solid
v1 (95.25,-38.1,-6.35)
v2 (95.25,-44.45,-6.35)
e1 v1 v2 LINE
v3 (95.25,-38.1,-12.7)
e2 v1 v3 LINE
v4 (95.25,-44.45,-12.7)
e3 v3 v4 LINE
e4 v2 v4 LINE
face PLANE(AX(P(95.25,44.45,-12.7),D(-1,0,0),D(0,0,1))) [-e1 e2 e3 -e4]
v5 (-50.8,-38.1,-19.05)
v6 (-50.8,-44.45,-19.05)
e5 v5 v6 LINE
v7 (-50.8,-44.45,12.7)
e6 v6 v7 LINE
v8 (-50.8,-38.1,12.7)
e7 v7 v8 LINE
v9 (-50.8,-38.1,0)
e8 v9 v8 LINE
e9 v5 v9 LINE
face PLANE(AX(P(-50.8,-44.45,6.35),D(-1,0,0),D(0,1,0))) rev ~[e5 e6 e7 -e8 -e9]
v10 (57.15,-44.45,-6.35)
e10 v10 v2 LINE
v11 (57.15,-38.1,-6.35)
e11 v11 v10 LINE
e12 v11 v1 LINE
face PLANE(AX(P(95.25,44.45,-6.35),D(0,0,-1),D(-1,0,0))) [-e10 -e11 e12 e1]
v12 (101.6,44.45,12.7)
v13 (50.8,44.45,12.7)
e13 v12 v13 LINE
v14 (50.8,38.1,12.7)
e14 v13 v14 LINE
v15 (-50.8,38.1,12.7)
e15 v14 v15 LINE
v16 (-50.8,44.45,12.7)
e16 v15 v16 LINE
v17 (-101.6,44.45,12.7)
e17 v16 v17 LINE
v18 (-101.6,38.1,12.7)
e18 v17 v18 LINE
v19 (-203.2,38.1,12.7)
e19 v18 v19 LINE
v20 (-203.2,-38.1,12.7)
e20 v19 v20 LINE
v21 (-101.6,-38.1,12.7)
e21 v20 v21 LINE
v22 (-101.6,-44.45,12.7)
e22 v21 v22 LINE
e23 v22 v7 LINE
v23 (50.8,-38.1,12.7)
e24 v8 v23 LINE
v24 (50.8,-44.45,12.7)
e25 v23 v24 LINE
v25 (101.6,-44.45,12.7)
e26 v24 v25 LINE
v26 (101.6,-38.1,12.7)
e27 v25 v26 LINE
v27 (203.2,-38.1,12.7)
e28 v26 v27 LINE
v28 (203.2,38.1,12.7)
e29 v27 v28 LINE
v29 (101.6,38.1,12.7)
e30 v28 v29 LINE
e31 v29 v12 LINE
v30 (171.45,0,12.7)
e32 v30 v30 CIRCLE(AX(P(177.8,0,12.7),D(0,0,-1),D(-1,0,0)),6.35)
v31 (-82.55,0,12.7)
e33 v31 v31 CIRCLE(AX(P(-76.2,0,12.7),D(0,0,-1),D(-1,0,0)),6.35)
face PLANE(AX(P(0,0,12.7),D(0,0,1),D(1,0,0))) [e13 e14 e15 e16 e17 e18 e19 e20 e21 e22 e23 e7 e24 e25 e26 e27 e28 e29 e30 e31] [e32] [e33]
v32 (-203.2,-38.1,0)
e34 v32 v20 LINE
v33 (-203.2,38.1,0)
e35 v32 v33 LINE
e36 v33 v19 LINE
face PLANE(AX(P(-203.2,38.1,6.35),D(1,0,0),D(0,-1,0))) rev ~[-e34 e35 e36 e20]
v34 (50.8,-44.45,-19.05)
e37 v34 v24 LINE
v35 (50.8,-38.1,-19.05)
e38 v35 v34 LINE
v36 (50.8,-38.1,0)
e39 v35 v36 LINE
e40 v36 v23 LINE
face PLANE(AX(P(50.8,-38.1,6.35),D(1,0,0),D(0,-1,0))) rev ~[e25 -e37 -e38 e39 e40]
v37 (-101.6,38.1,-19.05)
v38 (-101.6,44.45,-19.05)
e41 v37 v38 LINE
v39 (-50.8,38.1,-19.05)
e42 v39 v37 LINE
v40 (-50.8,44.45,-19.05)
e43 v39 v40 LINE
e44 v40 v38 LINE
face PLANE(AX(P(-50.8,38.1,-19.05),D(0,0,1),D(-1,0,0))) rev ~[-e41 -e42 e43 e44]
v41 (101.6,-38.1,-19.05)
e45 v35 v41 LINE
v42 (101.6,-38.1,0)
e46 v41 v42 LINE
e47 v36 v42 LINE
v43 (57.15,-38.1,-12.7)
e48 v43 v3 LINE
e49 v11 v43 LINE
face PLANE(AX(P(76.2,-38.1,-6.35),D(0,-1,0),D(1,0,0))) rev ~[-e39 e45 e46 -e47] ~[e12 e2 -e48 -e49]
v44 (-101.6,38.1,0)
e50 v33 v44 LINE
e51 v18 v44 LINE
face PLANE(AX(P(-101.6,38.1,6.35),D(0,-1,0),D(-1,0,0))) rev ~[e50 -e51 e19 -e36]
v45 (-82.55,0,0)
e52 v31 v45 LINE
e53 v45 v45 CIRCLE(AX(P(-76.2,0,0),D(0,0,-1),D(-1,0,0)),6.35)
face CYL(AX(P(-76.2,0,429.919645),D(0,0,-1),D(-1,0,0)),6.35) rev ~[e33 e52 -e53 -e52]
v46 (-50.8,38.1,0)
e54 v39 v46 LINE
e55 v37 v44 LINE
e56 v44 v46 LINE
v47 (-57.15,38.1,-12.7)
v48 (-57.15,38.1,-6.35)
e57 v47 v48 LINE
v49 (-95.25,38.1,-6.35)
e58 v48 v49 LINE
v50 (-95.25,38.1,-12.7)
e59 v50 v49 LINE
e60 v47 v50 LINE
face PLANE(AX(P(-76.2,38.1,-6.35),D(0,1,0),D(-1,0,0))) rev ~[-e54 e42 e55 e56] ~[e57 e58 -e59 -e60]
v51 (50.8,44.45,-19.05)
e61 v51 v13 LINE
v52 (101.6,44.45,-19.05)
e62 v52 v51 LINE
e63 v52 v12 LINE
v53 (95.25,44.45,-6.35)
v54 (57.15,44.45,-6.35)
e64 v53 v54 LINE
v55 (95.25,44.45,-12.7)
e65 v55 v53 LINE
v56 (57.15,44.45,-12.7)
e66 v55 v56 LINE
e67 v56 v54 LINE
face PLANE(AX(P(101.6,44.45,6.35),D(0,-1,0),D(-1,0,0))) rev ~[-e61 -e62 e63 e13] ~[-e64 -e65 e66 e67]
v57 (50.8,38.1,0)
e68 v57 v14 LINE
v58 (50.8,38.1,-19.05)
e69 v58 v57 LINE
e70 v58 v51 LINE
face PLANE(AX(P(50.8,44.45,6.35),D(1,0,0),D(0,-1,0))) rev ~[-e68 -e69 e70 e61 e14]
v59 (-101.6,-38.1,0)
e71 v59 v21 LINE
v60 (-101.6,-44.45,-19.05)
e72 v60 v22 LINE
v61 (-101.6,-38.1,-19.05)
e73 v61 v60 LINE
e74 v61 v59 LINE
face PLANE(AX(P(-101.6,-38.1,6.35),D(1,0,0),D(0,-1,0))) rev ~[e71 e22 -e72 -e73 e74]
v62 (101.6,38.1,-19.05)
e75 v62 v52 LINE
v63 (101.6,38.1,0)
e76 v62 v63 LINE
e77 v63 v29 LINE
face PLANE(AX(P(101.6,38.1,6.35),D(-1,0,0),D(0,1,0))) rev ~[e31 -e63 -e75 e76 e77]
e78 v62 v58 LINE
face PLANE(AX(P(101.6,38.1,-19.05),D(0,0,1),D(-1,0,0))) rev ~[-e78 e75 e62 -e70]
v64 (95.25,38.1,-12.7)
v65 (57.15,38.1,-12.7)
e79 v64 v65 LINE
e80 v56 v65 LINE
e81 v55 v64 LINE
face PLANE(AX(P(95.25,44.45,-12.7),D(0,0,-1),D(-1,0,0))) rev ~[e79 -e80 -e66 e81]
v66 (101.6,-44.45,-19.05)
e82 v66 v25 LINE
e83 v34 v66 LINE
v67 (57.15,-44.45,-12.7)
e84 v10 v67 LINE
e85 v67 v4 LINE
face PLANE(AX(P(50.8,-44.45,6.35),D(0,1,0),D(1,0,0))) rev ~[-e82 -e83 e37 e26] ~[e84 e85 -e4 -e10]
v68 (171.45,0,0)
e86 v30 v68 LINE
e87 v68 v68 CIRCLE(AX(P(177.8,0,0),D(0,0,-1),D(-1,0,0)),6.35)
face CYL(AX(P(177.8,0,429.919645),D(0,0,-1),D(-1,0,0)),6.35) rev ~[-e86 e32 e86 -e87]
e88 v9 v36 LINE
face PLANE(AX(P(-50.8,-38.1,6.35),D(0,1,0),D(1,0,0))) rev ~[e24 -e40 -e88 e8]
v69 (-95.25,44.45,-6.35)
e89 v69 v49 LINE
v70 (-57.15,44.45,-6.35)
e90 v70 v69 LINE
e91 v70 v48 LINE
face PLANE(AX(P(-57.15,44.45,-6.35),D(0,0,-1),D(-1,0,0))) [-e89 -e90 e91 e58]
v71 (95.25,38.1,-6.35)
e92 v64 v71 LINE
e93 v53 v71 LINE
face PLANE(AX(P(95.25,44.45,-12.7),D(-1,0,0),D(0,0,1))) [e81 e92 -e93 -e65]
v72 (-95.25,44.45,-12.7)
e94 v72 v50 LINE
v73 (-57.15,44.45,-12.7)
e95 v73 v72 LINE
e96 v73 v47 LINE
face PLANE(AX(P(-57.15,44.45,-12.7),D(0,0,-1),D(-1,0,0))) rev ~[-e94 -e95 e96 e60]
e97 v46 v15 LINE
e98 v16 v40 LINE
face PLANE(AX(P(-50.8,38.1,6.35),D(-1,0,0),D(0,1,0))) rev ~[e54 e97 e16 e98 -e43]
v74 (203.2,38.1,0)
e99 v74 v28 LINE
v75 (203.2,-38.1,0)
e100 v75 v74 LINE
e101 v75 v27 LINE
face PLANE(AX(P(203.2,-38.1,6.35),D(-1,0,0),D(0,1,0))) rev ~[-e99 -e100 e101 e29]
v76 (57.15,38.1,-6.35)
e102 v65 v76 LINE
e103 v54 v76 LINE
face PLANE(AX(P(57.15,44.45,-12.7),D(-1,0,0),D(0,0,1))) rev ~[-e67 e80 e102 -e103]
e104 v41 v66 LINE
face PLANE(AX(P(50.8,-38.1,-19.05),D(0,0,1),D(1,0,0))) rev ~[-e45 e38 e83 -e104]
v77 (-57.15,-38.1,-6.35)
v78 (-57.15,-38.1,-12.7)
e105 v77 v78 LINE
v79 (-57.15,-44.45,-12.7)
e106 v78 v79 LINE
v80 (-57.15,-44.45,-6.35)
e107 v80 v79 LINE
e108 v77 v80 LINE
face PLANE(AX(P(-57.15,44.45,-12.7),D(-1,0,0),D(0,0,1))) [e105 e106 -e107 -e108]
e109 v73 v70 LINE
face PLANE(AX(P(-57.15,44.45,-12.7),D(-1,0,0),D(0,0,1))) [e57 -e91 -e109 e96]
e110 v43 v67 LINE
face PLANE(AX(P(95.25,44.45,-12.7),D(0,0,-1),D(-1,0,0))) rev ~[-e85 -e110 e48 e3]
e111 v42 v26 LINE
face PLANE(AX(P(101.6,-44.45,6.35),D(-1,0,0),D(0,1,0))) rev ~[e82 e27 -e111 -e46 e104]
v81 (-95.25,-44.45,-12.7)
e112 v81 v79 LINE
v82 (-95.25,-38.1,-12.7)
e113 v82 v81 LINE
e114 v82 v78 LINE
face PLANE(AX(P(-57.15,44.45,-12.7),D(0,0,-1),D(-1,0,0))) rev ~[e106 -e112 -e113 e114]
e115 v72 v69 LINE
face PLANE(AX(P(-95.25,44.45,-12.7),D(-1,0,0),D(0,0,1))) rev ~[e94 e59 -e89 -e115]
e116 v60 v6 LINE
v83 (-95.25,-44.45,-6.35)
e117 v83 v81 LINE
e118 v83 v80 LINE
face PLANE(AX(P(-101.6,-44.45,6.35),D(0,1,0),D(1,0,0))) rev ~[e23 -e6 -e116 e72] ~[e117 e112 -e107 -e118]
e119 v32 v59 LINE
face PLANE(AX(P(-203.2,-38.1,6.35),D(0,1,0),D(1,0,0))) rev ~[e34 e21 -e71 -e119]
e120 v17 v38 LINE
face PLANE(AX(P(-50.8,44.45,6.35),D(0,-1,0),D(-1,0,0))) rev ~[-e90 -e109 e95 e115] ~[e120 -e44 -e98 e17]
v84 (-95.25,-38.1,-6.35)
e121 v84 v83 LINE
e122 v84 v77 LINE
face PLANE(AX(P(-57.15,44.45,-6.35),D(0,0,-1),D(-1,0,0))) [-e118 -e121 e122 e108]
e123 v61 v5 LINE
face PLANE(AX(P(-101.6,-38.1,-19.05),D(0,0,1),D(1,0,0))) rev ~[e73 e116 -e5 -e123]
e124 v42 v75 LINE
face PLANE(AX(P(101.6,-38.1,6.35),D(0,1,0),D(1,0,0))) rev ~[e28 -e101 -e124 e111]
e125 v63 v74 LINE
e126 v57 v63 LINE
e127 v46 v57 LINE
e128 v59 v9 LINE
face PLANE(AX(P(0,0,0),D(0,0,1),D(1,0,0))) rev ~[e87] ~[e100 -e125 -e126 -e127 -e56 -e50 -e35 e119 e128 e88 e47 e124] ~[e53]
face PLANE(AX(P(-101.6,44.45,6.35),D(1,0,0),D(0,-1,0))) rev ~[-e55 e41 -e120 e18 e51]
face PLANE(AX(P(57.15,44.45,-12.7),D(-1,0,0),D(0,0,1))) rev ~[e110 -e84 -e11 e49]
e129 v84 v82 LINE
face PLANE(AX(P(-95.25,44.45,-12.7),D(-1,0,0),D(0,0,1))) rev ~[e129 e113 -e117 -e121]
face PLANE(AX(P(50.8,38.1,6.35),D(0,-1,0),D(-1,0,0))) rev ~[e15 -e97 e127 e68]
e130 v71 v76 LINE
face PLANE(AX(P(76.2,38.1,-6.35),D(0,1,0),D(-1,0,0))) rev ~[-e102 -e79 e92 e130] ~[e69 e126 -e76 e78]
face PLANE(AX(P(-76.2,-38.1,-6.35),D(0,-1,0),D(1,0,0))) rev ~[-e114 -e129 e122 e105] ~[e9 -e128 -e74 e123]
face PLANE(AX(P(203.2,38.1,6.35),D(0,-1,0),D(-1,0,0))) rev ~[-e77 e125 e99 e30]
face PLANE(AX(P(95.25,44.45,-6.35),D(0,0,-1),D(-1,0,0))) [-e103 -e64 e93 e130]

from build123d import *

# Parameters (mm, degrees)
F0_W      = 406.4
F0_H      = 76.2
F1_DEPTH  = 6.35
F2_W      = 50.8
F2_H      = 25.4
F3_DEPTH  = 6.35
F4_W      = 50.8
F4_H      = 25.4
F5_DEPTH  = 6.35
F7_W      = 38.1
F7_H      = 6.35
F6_W      = 38.1
F6_H      = 6.35
F8_DEPTH  = 88.901
F10_DEPTH = 6.35
F12_D     = 12.7


with BuildPart() as f1:
    # F0 (on Top) → F1 (new body)
    with BuildSketch(Plane.XY):
        Rectangle(F0_W, F0_H)
    extrude(amount=F1_DEPTH)

    # F2 (on face) → F3 (join)
    with BuildSketch(Plane.XZ.offset(38.1)):
        with Locations((76.2, -6.35)):
            Rectangle(F2_W, F2_H)
        with Locations((-76.2, -6.35)):
            Rectangle(F2_W, F2_H)
    extrude(amount=F3_DEPTH)

    # F4 (on face) → F5 (join)
    with BuildSketch(Plane(origin=(0, 38.1, 0), x_dir=(-1, 0, 0), z_dir=(0, 1, 0))):
        with Locations((-76.2, -6.35)):
            Rectangle(F4_W, F4_H)
        with Locations((76.2, -6.35)):
            Rectangle(F4_W, F4_H)
    extrude(amount=F5_DEPTH)

    # F7 (on face) + F6 (on face) → F8 (cut, through all)
    with BuildSketch(Plane(origin=(0, 44.45, 0), x_dir=(-1, 0, 0), z_dir=(0, 1, 0))):
        with Locations((76.2, -9.525)):
            Rectangle(F7_W, F7_H)
    with BuildSketch(Plane(origin=(0, 44.45, 0), x_dir=(-1, 0, 0), z_dir=(0, 1, 0))):
        with Locations((-76.2, -9.525)):
            Rectangle(F6_W, F6_H)
    extrude(amount=-F8_DEPTH, mode=Mode.SUBTRACT)

    # F9 (on face) → F10 (join)
    with BuildSketch(Plane.XY.offset(6.35)):
        Polygon((-101.6, 38.1), (-203.2, 38.1), (-203.2, -38.1), (-101.6, -38.1), (-101.6, -44.45), (-50.8, -44.45), (-50.8, -38.1), (50.8, -38.1), (50.8, -44.45), (101.6, -44.45), (101.6, -38.1), (203.2, -38.1), (203.2, 38.1), (101.6, 38.1), (101.6, 44.45), (50.8, 44.45), (50.8, 38.1), (-50.8, 38.1), (-50.8, 44.45), (-101.6, 44.45), align=None)
    extrude(amount=F10_DEPTH)

    # F12 (through all)
    with Locations(Plane.XY.offset(12.7)):
        with Locations((177.8, 0), (-76.2, 0)):
            Hole(F12_D / 2)


solid = f1.part
